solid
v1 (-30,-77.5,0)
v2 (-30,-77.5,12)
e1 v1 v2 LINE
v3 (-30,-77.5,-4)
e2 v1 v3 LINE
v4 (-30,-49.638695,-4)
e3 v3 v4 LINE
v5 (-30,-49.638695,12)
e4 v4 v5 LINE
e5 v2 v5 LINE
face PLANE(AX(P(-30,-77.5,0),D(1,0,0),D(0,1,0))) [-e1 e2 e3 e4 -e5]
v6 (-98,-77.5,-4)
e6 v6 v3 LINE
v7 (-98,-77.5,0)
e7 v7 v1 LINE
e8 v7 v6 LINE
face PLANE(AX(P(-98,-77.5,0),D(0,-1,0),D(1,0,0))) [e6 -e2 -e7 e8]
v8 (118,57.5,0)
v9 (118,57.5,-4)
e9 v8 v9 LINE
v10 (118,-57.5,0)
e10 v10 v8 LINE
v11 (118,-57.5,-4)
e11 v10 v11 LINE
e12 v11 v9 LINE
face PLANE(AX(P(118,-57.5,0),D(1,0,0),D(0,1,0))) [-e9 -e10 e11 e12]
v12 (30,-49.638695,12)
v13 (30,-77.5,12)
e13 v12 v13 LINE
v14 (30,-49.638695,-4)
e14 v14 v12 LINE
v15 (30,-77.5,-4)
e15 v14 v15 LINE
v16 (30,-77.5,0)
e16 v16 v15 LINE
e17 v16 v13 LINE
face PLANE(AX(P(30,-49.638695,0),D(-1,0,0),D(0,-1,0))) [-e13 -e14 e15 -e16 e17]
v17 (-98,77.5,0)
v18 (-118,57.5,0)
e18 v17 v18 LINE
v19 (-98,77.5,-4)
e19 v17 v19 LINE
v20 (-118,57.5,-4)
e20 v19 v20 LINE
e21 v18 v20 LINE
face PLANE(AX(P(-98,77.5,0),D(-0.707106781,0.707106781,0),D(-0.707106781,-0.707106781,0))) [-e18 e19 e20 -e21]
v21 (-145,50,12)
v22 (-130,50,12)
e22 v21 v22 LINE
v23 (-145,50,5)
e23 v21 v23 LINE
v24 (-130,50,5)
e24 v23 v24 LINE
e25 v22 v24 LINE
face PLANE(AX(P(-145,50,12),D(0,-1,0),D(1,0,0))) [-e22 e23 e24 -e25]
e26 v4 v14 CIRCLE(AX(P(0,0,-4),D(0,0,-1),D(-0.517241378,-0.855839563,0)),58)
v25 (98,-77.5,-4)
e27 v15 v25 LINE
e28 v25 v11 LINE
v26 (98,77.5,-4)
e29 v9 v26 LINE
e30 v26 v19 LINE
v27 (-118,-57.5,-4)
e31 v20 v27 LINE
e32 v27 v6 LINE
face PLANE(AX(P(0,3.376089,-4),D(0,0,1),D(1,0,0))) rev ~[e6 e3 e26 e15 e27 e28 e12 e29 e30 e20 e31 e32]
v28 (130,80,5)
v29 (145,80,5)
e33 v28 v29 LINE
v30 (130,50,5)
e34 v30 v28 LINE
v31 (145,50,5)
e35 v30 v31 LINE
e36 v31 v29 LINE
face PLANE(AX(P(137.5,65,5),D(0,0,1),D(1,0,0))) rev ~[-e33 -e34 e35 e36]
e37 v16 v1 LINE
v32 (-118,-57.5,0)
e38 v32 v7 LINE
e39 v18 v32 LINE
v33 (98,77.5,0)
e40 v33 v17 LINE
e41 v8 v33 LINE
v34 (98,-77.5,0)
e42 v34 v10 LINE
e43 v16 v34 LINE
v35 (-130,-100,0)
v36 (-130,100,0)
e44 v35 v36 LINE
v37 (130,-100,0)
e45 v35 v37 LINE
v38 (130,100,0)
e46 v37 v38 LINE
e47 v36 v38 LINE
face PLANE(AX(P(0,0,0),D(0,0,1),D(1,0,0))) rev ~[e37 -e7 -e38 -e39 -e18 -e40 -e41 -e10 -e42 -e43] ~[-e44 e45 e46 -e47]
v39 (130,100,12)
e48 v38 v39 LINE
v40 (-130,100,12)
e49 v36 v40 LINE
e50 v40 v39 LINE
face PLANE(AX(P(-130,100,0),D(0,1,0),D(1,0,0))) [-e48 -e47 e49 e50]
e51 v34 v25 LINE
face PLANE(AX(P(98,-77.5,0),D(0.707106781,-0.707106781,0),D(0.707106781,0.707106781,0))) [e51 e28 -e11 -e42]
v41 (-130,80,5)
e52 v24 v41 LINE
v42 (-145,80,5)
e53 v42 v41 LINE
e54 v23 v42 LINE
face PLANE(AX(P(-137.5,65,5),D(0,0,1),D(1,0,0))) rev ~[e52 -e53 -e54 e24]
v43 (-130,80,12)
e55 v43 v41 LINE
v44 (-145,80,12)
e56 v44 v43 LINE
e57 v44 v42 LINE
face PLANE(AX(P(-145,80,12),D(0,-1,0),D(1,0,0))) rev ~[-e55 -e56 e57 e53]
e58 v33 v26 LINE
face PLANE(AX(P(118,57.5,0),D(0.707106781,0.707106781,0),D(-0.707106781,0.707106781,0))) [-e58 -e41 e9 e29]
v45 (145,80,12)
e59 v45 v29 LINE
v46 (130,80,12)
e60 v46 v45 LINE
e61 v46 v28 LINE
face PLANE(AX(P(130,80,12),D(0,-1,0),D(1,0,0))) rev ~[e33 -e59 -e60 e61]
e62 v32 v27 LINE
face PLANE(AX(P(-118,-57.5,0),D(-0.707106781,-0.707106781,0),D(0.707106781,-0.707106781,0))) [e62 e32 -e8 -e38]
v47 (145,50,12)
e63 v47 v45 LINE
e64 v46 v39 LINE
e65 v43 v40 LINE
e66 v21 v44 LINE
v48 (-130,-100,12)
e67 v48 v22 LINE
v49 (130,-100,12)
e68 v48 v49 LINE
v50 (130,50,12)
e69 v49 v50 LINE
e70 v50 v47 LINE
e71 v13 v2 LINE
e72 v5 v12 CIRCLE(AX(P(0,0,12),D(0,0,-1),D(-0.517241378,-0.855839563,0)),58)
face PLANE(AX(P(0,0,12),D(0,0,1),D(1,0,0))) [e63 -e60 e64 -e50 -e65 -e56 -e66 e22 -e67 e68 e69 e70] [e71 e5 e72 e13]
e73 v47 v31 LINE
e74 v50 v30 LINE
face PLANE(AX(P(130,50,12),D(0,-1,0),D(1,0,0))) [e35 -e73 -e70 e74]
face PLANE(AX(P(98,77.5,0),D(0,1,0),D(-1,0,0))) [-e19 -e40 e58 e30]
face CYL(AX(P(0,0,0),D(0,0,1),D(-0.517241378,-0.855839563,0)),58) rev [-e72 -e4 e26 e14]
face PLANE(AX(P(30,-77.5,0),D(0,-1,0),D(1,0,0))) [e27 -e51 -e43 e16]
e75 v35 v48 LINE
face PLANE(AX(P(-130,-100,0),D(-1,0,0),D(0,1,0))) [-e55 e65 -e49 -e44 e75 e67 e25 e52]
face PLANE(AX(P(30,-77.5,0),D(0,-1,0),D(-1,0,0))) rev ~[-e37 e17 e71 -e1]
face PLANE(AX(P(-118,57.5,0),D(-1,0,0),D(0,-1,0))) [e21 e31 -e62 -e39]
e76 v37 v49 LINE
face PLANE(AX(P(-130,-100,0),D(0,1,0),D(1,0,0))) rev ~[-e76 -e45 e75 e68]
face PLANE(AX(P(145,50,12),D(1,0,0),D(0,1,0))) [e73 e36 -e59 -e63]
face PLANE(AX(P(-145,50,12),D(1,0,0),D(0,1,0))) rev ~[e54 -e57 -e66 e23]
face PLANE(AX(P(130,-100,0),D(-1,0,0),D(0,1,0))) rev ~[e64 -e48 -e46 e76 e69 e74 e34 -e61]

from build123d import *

# Parameters (mm, degrees)
F0_W     = 260
F0_H     = 200
F1_DEPTH = 12
F2_DEPTH = 4
F3_W     = 15
F3_H     = 30
F4_DEPTH = 7


with BuildPart() as f1:
    # F0 (on Top) → F1 (new body)
    with BuildSketch(Plane.XY):
        Rectangle(F0_W, F0_H)
        Polygon((-98, 77.5), (98, 77.5), (118, 57.5), (118, -57.5), (98, -77.5), (30, -77.5), (-30, -77.5), (-98, -77.5), (-118, -57.5), (-118, 57.5), align=None, mode=Mode.SUBTRACT)
        with BuildLine():
            Line((118, 57.5), (98, 77.5))
            Line((98, 77.5), (-98, 77.5))
            Line((-98, 77.5), (-118, 57.5))
            Line((-118, 57.5), (-118, -57.5))
            Line((-118, -57.5), (-98, -77.5))
            Line((-98, -77.5), (-30, -77.5))
            Line((-30, -77.5), (-30, -49.638695))
            ThreePointArc((-30, -49.638695), (0, 58), (30, -49.638695))
            Line((30, -49.638695), (30, -77.5))
            Line((30, -77.5), (98, -77.5))
            Line((98, -77.5), (118, -57.5))
            Line((118, -57.5), (118, 57.5))
        make_face()
    extrude(amount=F1_DEPTH)

    # F0 (on Top) → F2 (join)
    with BuildSketch(Plane.XY):
        with BuildLine():
            Line((118, 57.5), (98, 77.5))
            Line((98, 77.5), (-98, 77.5))
            Line((-98, 77.5), (-118, 57.5))
            Line((-118, 57.5), (-118, -57.5))
            Line((-118, -57.5), (-98, -77.5))
            Line((-98, -77.5), (-30, -77.5))
            Line((-30, -77.5), (-30, -49.638695))
            ThreePointArc((-30, -49.638695), (0, 58), (30, -49.638695))
            Line((30, -49.638695), (30, -77.5))
            Line((30, -77.5), (98, -77.5))
            Line((98, -77.5), (118, -57.5))
            Line((118, -57.5), (118, 57.5))
        make_face()
    extrude(amount=-F2_DEPTH)

    # F3 (on face) → F4 (join)
    with BuildSketch(Plane.XY.offset(12)):
        with Locations((-137.5, 65)):
            Rectangle(F3_W, F3_H)
        with Locations((137.5, 65)):
            Rectangle(F3_W, F3_H)
    extrude(amount=-F4_DEPTH)


solid = f1.part
